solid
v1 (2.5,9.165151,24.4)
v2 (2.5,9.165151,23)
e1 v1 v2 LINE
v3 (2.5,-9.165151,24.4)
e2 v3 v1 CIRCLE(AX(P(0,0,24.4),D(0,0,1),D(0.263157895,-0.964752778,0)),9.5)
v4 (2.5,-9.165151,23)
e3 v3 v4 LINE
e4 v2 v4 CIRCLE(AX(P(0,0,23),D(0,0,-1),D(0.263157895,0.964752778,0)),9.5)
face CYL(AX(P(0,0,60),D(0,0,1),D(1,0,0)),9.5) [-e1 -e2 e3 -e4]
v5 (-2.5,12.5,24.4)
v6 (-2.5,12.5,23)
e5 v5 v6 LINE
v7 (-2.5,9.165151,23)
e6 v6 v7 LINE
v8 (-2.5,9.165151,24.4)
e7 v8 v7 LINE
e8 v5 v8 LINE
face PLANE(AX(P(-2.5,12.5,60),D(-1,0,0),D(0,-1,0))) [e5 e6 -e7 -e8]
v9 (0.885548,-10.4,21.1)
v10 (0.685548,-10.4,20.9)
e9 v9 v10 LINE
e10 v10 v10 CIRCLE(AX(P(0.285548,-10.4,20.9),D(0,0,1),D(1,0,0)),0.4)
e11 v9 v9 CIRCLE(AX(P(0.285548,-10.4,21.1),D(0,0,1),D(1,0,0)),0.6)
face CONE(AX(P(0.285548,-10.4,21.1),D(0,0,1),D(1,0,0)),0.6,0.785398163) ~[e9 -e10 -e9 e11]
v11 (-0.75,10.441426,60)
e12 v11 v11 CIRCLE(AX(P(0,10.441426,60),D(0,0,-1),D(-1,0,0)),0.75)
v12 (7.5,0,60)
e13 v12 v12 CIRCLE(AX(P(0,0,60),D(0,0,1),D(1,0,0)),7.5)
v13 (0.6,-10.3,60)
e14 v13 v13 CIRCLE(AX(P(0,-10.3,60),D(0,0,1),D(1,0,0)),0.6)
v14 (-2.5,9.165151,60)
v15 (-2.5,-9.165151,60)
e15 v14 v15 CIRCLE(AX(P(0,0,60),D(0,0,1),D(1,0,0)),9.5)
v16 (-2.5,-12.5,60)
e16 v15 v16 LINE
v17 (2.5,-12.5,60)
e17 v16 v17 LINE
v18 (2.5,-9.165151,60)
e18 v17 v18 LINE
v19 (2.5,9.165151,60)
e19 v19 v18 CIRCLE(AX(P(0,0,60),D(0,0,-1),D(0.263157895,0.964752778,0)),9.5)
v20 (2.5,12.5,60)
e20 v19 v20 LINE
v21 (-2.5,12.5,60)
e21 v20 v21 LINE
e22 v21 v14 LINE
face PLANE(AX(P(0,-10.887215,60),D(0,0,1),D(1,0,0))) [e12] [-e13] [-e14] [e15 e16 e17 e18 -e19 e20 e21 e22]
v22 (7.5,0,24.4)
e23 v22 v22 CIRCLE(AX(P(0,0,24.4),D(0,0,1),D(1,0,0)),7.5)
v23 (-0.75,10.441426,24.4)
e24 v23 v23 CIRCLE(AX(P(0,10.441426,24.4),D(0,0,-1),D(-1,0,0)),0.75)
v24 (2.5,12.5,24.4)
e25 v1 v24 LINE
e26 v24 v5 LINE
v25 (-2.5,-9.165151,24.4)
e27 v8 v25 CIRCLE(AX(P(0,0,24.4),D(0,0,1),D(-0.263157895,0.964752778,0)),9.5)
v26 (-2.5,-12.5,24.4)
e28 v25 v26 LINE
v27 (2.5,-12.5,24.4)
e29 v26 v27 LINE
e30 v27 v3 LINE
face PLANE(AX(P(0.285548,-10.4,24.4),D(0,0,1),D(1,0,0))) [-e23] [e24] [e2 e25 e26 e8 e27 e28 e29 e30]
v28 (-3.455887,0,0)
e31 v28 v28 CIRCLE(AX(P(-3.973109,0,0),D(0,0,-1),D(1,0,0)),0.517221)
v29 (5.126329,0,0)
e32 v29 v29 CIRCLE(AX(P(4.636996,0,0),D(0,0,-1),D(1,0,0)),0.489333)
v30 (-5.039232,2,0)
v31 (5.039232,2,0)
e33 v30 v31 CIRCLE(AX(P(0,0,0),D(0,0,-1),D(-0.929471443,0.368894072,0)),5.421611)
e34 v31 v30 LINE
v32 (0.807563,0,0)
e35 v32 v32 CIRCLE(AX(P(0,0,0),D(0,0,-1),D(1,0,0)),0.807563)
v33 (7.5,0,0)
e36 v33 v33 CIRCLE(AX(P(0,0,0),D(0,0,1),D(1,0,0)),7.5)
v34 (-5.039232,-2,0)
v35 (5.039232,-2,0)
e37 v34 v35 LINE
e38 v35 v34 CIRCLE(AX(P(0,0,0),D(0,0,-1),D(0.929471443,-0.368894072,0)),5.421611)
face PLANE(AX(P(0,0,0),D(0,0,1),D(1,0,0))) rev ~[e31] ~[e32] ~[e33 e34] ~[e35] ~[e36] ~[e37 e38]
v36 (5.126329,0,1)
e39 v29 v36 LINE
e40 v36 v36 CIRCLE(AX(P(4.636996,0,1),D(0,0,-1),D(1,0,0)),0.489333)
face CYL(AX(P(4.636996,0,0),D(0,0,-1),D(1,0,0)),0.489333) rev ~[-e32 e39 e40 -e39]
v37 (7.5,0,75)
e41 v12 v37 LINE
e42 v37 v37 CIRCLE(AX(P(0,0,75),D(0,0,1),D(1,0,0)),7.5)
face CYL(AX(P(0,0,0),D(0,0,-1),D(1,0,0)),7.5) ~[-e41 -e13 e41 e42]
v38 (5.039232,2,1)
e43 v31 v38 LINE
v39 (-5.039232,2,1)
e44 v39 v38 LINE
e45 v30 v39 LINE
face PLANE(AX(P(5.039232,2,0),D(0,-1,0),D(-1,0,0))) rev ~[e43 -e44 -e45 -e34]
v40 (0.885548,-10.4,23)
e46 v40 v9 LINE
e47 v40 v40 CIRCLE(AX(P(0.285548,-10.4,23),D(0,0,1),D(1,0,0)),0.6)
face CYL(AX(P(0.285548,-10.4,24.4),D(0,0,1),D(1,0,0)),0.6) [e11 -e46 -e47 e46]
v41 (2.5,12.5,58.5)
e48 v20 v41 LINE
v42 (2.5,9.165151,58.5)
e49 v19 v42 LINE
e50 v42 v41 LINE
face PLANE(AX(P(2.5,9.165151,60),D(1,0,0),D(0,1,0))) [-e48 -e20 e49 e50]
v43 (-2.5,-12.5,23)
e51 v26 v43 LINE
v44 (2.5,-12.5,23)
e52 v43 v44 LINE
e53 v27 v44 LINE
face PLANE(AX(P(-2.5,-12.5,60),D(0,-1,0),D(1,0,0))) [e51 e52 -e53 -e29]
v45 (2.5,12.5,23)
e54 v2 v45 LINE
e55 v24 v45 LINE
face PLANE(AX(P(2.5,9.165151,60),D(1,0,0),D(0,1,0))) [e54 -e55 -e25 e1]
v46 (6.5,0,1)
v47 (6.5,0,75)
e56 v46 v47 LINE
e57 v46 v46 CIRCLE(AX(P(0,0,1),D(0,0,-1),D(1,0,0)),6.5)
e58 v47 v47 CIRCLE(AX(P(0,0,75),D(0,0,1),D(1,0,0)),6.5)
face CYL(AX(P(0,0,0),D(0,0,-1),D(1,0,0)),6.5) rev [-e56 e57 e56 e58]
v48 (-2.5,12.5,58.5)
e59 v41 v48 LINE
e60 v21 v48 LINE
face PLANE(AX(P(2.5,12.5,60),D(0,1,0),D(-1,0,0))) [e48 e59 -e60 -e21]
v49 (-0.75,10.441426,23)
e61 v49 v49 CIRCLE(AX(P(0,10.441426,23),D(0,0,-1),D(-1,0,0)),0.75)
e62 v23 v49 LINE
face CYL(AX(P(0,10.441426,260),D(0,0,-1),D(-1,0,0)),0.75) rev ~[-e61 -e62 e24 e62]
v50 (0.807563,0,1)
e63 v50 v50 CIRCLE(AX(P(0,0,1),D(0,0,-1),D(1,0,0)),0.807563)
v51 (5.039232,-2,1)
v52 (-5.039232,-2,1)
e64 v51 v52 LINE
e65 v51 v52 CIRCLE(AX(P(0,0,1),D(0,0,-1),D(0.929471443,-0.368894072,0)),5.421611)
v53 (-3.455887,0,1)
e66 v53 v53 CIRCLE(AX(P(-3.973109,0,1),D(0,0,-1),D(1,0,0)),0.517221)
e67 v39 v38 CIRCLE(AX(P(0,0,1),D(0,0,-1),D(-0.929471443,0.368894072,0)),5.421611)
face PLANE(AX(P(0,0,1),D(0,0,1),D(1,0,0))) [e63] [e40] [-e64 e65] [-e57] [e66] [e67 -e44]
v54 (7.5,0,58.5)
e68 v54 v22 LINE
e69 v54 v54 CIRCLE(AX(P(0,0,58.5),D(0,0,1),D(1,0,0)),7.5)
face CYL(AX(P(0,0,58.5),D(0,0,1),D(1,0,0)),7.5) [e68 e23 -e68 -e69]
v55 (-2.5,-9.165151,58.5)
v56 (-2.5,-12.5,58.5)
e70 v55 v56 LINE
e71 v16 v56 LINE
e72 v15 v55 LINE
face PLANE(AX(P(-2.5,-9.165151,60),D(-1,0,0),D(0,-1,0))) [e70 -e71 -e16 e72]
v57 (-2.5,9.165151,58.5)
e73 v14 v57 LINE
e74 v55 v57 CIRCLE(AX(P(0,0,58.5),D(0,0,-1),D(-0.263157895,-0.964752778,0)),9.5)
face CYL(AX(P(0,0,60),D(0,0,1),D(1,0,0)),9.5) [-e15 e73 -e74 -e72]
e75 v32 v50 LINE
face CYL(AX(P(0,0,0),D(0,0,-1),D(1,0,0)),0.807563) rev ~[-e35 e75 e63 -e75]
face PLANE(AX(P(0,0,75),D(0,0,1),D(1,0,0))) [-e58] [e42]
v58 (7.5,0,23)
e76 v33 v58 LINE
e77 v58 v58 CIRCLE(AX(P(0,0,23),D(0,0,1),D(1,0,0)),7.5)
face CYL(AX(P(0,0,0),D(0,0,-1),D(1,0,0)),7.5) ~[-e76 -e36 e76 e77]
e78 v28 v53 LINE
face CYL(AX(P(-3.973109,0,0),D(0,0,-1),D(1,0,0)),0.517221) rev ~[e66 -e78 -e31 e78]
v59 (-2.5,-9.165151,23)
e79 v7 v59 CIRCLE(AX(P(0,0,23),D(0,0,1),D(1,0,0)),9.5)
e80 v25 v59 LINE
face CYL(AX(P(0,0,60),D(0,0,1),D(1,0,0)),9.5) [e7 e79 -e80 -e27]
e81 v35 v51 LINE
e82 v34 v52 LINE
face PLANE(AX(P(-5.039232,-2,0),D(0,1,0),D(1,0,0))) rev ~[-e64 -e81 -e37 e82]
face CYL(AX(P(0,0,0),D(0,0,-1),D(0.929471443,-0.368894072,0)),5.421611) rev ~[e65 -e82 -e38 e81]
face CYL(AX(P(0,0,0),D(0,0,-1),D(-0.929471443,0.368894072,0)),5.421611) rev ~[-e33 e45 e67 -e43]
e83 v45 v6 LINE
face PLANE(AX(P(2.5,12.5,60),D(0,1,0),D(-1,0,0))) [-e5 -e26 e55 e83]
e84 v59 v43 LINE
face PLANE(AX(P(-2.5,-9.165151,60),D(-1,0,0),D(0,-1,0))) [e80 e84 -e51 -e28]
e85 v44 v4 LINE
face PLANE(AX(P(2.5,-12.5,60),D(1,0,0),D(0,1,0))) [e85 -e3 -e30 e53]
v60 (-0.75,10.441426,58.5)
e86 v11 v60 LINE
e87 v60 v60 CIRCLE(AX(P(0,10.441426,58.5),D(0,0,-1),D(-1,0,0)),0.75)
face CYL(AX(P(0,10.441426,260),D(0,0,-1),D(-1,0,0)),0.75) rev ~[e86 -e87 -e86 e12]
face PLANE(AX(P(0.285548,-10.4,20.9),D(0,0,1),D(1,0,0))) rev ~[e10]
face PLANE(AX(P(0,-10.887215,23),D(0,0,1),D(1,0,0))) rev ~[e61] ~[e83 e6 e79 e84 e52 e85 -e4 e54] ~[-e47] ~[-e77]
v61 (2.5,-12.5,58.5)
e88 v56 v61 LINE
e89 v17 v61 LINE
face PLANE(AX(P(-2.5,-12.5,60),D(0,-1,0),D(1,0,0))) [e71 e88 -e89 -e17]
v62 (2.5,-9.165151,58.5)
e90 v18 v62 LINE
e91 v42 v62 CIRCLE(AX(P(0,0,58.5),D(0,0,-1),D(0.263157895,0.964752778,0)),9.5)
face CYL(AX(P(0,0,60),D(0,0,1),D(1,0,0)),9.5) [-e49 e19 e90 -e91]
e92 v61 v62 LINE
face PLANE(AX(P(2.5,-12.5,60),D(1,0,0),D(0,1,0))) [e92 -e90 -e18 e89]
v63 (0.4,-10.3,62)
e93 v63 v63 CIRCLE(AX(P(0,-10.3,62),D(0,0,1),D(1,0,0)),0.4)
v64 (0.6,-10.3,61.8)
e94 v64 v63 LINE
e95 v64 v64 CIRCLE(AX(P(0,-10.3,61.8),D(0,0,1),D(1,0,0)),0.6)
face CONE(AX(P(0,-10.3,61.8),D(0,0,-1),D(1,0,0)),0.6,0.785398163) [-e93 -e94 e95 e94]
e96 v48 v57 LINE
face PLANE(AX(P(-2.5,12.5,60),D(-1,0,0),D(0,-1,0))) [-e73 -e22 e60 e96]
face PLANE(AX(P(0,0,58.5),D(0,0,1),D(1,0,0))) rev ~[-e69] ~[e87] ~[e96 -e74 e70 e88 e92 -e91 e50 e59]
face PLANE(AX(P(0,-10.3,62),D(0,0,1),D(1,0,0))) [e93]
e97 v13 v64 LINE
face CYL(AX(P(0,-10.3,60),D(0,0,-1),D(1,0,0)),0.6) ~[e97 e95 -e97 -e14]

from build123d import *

# Parameters (mm, degrees)
F0_R        = 7.5
F1_DEPTH    = 75
F2_T        = -1
F4_DEPTH    = 25
F6_D        = 1.5
F6_DEPTH    = 25
F6_TIP      = 0.4506454643
F5_R        = 0.8075633059
F5_R_2      = 0.5172212245
F5_R_3      = 0.4893329223
F7_DEPTH    = 25
F9_START    = -15
F8_R        = 9.5
F8_R_2      = 7.5
F9_DEPTH    = 37
F10_START   = -1.5
F9_FACE_R   = 9.5
F9_FACE_R_2 = 7.5
F10_DEPTH   = 34.1
F12_DEPTH   = 37
F13_W       = 3.3348486101
F13_H       = 34.1
F13_W_2     = 5
F14_DEPTH   = 25
F16_D       = 1.5
F16_DEPTH   = 200
F16_TIP     = 0.4506454643
F17_R       = 0.6
F18_DEPTH   = 2
F19_SIZE    = 0.2
F20_R       = 0.6
F21_DEPTH   = 3.5
F22_SIZE    = 0.2


with BuildPart() as f1:
    # F0 (on Top) → F1 (new body)
    with BuildSketch(Plane.XY):
        Circle(F0_R)
    extrude(amount=F1_DEPTH)

    # F2
    f2_openings = [f1.faces().sort_by_distance(p)[0] for p in [
        (0, 0, 75),
    ]]
    offset(amount=F2_T, openings=f2_openings)

    # F3 (on face) → F4 (cut)
    with BuildSketch(Plane(origin=(0, 0, 0), x_dir=(1, 0, 0), z_dir=(0, 0, -1))):
        with BuildLine():
            Line((-5.0392321942, 2), (5.0392321942, 2))
            ThreePointArc((5.0392321942, 2), (0, 5.421610564), (-5.0392321942, 2))
        make_face()
        with BuildLine():
            ThreePointArc((-5.0392321942, -2), (0, -5.421610564), (5.0392321942, -2))
            Line((5.0392321942, -2), (-5.0392321942, -2))
        make_face()
    extrude(amount=-F4_DEPTH, mode=Mode.SUBTRACT)

    # F6
    with Locations(Plane(origin=(0, 0, 0), x_dir=(1, 0, 0), z_dir=(0, 0, -1))):
        with Locations((0, 0)):
            Hole(F6_D / 2, depth=F6_DEPTH)
            with Locations((0, 0, -(F6_DEPTH + F6_TIP / 2))):  # 118° drill point
                Cone(0, F6_D / 2, F6_TIP, mode=Mode.SUBTRACT)

    # F5 (on face) → F7 (cut)
    with BuildSketch(Plane(origin=(0, 0, 0), x_dir=(1, 0, 0), z_dir=(0, 0, -1))):
        Circle(F5_R)
        with Locations((-3.9731087163, 0)):
            Circle(F5_R_2)
        with Locations((4.63699596, 0)):
            Circle(F5_R_3)
    extrude(amount=-F7_DEPTH, mode=Mode.SUBTRACT)

    # F8 (on face) → F9 (join)
    with BuildSketch(Plane.XY.offset(75).offset(F9_START)):
        Circle(F8_R)
        Circle(F8_R_2, mode=Mode.SUBTRACT)
    extrude(amount=-F9_DEPTH)

    # F9_face (on face) → F10 (cut)
    with BuildSketch(Plane.XY.offset(60).offset(F10_START)):
        Circle(F9_FACE_R)
        Circle(F9_FACE_R_2, mode=Mode.SUBTRACT)
    extrude(amount=-F10_DEPTH, mode=Mode.SUBTRACT)

    # F11 (on face) → F12 (join)
    with BuildSketch(Plane.XY.offset(60)):
        with BuildLine():
            ThreePointArc((2.5, -9.1651513899), (0, -9.5), (-2.5, -9.1651513899))
            Line((-2.5, -9.1651513899), (-2.5, -12.5))
            Line((-2.5, -12.5), (2.5, -12.5))
            Line((2.5, -12.5), (2.5, -9.1651513899))
        make_face()
        with BuildLine():
            Line((-2.5, 12.5), (-2.5, 9.1651513899))
            ThreePointArc((-2.5, 9.1651513899), (0, 9.5), (2.5, 9.1651513899))
            Line((2.5, 9.1651513899), (2.5, 12.5))
            Line((2.5, 12.5), (-2.5, 12.5))
        make_face()
    extrude(amount=-F12_DEPTH)

    # F13 (on face) → F14 (cut)
    with BuildSketch(Plane.YZ.offset(2.5)):
        with Locations((10.832575695, 41.45)):
            Rectangle(F13_W, F13_H)
        with Locations((-11.1832837015, 41.45)):
            Rectangle(F13_W_2, F13_H)
    extrude(amount=-F14_DEPTH, mode=Mode.SUBTRACT)

    # F16
    with Locations(Plane.XY.offset(60)):
        with Locations((0, 10.4414262056)):
            Hole(F16_D / 2, depth=F16_DEPTH)
            with Locations((0, 0, -(F16_DEPTH + F16_TIP / 2))):  # 118° drill point
                Cone(0, F16_D / 2, F16_TIP, mode=Mode.SUBTRACT)

    # F17 (on face) → F18 (join)
    with BuildSketch(Plane.XY.offset(60)):
        with Locations((0, -10.3)):
            Circle(F17_R)
    extrude(amount=F18_DEPTH)

    # F19
    f19_edges = [f1.edges().sort_by_distance(p)[0] for p in [
        (-0.6, -10.3, 62),
    ]]
    chamfer(f19_edges, length=F19_SIZE)

    # F20 (on face) → F21 (join)
    with BuildSketch(Plane.XY.offset(24.4)):
        with Locations((0.2855480707, -10.4)):
            Circle(F20_R)
    extrude(amount=-F21_DEPTH)

    # F22
    f22_edges = [f1.edges().sort_by_distance(p)[0] for p in [
        (-0.314452, -10.4, 20.9),
    ]]
    chamfer(f22_edges, length=F22_SIZE)


solid = f1.part
